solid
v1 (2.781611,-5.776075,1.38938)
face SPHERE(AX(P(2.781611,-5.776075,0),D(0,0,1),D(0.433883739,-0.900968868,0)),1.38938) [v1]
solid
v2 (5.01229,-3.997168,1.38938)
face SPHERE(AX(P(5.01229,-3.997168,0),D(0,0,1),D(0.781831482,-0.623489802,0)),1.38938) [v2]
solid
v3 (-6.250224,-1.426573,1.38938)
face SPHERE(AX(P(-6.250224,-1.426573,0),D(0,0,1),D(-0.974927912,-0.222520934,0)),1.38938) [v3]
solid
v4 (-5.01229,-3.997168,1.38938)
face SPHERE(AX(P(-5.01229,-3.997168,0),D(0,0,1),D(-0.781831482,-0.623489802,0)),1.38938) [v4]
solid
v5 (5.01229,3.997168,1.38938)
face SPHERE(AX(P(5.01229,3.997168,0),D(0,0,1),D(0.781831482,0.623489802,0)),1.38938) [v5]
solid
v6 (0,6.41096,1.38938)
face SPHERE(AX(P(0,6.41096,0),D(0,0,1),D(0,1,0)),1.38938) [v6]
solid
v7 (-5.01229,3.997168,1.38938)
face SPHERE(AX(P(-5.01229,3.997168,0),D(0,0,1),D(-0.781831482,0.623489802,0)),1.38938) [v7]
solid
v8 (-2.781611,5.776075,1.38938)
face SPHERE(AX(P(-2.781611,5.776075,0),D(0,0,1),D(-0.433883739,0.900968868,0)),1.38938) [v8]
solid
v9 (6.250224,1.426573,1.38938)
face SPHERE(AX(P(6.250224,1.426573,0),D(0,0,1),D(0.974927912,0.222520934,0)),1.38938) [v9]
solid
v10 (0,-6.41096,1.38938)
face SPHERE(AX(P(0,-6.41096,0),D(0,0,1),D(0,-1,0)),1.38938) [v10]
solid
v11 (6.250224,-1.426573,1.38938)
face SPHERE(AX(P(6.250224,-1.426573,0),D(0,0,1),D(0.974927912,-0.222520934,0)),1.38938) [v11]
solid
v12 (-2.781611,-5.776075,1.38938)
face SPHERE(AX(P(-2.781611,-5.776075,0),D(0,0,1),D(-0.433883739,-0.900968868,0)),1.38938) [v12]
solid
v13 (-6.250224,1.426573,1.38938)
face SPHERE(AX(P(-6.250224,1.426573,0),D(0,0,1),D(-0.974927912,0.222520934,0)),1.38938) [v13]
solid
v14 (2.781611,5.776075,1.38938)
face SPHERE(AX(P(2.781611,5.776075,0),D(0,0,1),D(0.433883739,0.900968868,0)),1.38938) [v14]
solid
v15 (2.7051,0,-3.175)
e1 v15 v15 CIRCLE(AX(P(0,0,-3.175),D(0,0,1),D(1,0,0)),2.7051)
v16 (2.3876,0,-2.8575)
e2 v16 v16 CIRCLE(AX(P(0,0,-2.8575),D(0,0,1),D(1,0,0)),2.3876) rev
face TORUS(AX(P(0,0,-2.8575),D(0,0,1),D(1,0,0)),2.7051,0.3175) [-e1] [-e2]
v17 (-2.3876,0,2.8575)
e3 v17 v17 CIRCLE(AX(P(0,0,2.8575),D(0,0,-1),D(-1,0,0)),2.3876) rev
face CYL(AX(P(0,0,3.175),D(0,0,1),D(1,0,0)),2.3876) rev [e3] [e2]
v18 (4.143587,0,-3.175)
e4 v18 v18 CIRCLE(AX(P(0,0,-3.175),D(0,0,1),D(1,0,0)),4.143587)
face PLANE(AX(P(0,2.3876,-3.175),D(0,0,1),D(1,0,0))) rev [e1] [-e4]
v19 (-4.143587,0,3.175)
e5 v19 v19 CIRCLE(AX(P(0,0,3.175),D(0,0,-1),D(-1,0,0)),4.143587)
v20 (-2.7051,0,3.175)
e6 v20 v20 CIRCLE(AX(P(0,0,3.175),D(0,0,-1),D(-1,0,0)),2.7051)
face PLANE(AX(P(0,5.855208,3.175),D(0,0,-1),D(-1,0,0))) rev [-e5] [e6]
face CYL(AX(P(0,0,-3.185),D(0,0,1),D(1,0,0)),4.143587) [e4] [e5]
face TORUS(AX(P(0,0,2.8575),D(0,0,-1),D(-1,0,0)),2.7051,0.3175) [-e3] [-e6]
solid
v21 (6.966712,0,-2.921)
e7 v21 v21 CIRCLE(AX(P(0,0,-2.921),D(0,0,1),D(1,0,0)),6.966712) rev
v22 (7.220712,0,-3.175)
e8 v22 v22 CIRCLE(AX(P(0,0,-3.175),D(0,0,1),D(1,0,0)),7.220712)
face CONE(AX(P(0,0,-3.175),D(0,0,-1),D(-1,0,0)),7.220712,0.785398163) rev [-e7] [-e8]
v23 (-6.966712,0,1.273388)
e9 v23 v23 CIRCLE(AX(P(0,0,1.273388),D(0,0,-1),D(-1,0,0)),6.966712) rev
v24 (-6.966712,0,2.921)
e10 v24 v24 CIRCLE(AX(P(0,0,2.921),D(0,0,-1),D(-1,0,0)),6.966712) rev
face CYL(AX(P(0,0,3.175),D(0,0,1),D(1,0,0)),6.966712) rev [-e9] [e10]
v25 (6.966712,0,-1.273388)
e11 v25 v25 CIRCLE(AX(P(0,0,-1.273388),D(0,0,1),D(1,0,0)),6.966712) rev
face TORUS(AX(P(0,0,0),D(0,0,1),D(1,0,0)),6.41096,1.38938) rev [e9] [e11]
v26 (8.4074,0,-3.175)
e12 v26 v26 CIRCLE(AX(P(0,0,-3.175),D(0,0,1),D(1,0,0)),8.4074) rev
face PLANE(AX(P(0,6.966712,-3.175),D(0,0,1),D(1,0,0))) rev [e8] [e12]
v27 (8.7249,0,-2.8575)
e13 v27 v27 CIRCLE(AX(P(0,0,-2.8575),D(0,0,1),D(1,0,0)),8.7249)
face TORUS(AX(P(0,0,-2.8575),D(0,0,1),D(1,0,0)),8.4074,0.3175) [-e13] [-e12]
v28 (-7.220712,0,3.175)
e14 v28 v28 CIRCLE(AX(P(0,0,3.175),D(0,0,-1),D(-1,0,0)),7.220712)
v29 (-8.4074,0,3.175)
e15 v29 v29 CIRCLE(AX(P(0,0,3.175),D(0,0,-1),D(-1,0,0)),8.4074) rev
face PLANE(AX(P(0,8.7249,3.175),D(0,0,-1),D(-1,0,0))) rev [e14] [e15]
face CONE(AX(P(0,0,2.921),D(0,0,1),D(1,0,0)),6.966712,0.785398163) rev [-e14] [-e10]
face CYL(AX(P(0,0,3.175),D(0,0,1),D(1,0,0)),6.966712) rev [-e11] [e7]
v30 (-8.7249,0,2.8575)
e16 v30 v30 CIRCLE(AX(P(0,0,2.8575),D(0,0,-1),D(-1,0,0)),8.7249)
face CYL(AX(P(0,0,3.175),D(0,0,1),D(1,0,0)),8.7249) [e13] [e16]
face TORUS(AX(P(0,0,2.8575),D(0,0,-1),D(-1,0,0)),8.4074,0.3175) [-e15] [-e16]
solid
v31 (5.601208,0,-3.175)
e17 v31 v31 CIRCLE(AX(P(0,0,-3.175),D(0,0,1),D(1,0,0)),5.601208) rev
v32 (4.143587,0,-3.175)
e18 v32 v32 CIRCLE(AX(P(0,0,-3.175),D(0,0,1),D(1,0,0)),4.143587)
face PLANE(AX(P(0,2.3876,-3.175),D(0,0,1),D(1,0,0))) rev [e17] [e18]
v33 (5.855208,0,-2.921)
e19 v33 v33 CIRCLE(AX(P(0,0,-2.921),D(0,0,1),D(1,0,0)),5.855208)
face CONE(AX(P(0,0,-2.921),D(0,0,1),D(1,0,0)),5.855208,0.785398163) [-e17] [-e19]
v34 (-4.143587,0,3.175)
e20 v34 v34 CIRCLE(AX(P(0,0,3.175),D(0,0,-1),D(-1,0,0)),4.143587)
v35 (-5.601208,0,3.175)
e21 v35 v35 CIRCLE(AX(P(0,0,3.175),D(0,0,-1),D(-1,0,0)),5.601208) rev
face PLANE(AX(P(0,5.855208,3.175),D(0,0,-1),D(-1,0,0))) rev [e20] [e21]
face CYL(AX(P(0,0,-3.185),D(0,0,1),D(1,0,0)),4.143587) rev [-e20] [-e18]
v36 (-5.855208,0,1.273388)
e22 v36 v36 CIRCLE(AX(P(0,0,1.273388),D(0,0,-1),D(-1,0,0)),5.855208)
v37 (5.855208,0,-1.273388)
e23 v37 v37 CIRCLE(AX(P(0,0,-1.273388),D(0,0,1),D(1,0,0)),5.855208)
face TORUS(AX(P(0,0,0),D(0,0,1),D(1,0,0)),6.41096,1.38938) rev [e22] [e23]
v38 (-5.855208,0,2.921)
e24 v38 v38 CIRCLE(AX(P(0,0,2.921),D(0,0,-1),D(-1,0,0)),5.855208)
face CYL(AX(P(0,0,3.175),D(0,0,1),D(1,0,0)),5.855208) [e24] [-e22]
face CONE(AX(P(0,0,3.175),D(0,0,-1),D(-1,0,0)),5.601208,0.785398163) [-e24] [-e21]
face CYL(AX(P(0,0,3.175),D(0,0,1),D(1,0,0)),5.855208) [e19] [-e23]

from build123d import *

# Parameters (mm, degrees)
SKETCH3_W              = 6.35
SKETCH3_H              = 3.467608
SKETCH3_H_2            = 1.758188
SKETCH4_R              = 1.38938
CIRPATTERN1_COUNT      = 14
FILLET1_R              = 0.3175
FILLET2_R              = 0.3175
CHAMFER1_SIZE          = 0.254
CHAMFER2_SIZE          = 0.254
SPLIT1_SURFACE_1_BACK  = 26.482
SPLIT1_SURFACE_1_DEPTH = 52.964
SPLIT1_SURFACE_2_BACK  = 26.482
SPLIT1_SURFACE_2_DEPTH = 52.964


with BuildPart() as part:
    # Sketch3 → Revolve2 (revolve)
    with BuildSketch(Plane(origin=(0, 0, 0), x_dir=(0, 0, -1), z_dir=(1, 0, 0)), mode=Mode.PRIVATE) as revolve2_sk:
        with Locations((0, 4.121404)):
            Rectangle(SKETCH3_W, SKETCH3_H)
        with Locations((0, 7.845806)):
            Rectangle(SKETCH3_W, SKETCH3_H_2)
    revolve(revolve2_sk.sketch.rotate(Axis((0, 0, 3.175), (0, 0, -1)), 90), axis=Axis((0, 0, 3.175), (0, 0, -1)))

    # Sketch4 → Cut-Revolve1 (revolve, cut)
    with BuildSketch(Plane(origin=(0, 0, 0), x_dir=(0, 0, -1), z_dir=(1, 0, 0)), mode=Mode.PRIVATE) as cut_revolve1_sk:
        with Locations((0, 6.41096)):
            Circle(SKETCH4_R)
    revolve(cut_revolve1_sk.sketch.rotate(Axis((0, 0, 3.175), (0, 0, -1)), 90), axis=Axis((0, 0, 3.175), (0, 0, -1)), mode=Mode.SUBTRACT)

    # Fillet1
    fillet1_edges = [part.edges().sort_by_distance(p)[0] for p in [
        (-8.7249, 0, -3.175),
        (-8.7249, 0, 3.175),
    ]]
    fillet(fillet1_edges, radius=FILLET1_R)

    # Fillet2
    fillet2_edges = [part.edges().sort_by_distance(p)[0] for p in [
        (-2.3876, 0, 3.175),
        (-2.3876, 0, -3.175),
    ]]
    fillet(fillet2_edges, radius=FILLET2_R)

    # Chamfer1
    chamfer1_edges = [part.edges().sort_by_distance(p)[0] for p in [
        (-6.966712, 0, -3.175),
        (-6.966712, 0, 3.175),
    ]]
    chamfer(chamfer1_edges, length=CHAMFER1_SIZE)

    # Chamfer2
    chamfer2_edges = [part.edges().sort_by_distance(p)[0] for p in [
        (-5.855208, 0, 3.175),
        (-5.855208, 0, -3.175),
    ]]
    chamfer(chamfer2_edges, length=CHAMFER2_SIZE)


with BuildPart() as body_2:
    # Sketch5 → Revolve3 (revolve)
    with BuildSketch(Plane(origin=(0, 0, 0), x_dir=(0, 0, -1), z_dir=(1, 0, 0))):
        with BuildLine():
            Line((-1.38938, 6.41096), (1.38938, 6.41096))
            ThreePointArc((1.38938, 6.41096), (0, 7.80034), (-1.38938, 6.41096))
        make_face()
    revolve(axis=Axis((0, 6.41096, 1.38938), (0, 0, -1)))


with BuildPart() as cirpattern1_1:
    # CirPattern1: pattern copy
    add(body_2.part.rotate(Axis((0, 0, 0), (0, 0, 1)), 1 * 360 / CIRPATTERN1_COUNT))


with BuildPart() as cirpattern1_2:
    # CirPattern1: pattern copy
    add(body_2.part.rotate(Axis((0, 0, 0), (0, 0, 1)), 2 * 360 / CIRPATTERN1_COUNT))


with BuildPart() as cirpattern1_3:
    # CirPattern1: pattern copy
    add(body_2.part.rotate(Axis((0, 0, 0), (0, 0, 1)), 3 * 360 / CIRPATTERN1_COUNT))


with BuildPart() as cirpattern1_4:
    # CirPattern1: pattern copy
    add(body_2.part.rotate(Axis((0, 0, 0), (0, 0, 1)), 4 * 360 / CIRPATTERN1_COUNT))


with BuildPart() as cirpattern1_5:
    # CirPattern1: pattern copy
    add(body_2.part.rotate(Axis((0, 0, 0), (0, 0, 1)), 5 * 360 / CIRPATTERN1_COUNT))


with BuildPart() as cirpattern1_6:
    # CirPattern1: pattern copy
    add(body_2.part.rotate(Axis((0, 0, 0), (0, 0, 1)), 6 * 360 / CIRPATTERN1_COUNT))


with BuildPart() as cirpattern1_7:
    # CirPattern1: pattern copy
    add(body_2.part.rotate(Axis((0, 0, 0), (0, 0, 1)), 7 * 360 / CIRPATTERN1_COUNT))


with BuildPart() as cirpattern1_8:
    # CirPattern1: pattern copy
    add(body_2.part.rotate(Axis((0, 0, 0), (0, 0, 1)), 8 * 360 / CIRPATTERN1_COUNT))


with BuildPart() as cirpattern1_9:
    # CirPattern1: pattern copy
    add(body_2.part.rotate(Axis((0, 0, 0), (0, 0, 1)), 9 * 360 / CIRPATTERN1_COUNT))


with BuildPart() as cirpattern1_10:
    # CirPattern1: pattern copy
    add(body_2.part.rotate(Axis((0, 0, 0), (0, 0, 1)), 10 * 360 / CIRPATTERN1_COUNT))


with BuildPart() as cirpattern1_11:
    # CirPattern1: pattern copy
    add(body_2.part.rotate(Axis((0, 0, 0), (0, 0, 1)), 11 * 360 / CIRPATTERN1_COUNT))


with BuildPart() as cirpattern1_12:
    # CirPattern1: pattern copy
    add(body_2.part.rotate(Axis((0, 0, 0), (0, 0, 1)), 12 * 360 / CIRPATTERN1_COUNT))


with BuildPart() as cirpattern1_13:
    # CirPattern1: pattern copy
    add(body_2.part.rotate(Axis((0, 0, 0), (0, 0, 1)), 13 * 360 / CIRPATTERN1_COUNT))


with BuildPart() as body_16:
    # Split1: the piece behind the surface
    add(part.part)
    # Split1 surface: a surface, the sketch's curves swept straight by 52.964 mm
    with BuildLine(Plane.XY.offset(-SPLIT1_SURFACE_1_BACK), mode=Mode.PRIVATE) as split1_surface_1_path:
        CenterArc((0, 0), 4.143586667, 0, 360)
    split1_surface_1 = Shell.extrude(split1_surface_1_path.wire(), (0 * SPLIT1_SURFACE_1_DEPTH, 0 * SPLIT1_SURFACE_1_DEPTH, 1 * SPLIT1_SURFACE_1_DEPTH))
    split(bisect_by=split1_surface_1, keep=Keep.BOTTOM)


with BuildPart() as part_1:
    add(part.part)

    # Split1: split by a surface, the side it looks to stays
    # Split1 surface: a surface, the sketch's curves swept straight by 52.964 mm
    with BuildLine(Plane.XY.offset(-SPLIT1_SURFACE_2_BACK), mode=Mode.PRIVATE) as split1_surface_2_path:
        CenterArc((0, 0), 4.143586667, 0, 360)
    split1_surface_2 = Shell.extrude(split1_surface_2_path.wire(), (0 * SPLIT1_SURFACE_2_DEPTH, 0 * SPLIT1_SURFACE_2_DEPTH, 1 * SPLIT1_SURFACE_2_DEPTH))
    split(bisect_by=split1_surface_2, keep=Keep.TOP)


solid = Compound([body_2.part, cirpattern1_1.part, cirpattern1_2.part, cirpattern1_3.part, cirpattern1_4.part, cirpattern1_5.part, cirpattern1_6.part, cirpattern1_7.part, cirpattern1_8.part, cirpattern1_9.part, cirpattern1_10.part, cirpattern1_11.part, cirpattern1_12.part, cirpattern1_13.part, body_16.part, part_1.part])
